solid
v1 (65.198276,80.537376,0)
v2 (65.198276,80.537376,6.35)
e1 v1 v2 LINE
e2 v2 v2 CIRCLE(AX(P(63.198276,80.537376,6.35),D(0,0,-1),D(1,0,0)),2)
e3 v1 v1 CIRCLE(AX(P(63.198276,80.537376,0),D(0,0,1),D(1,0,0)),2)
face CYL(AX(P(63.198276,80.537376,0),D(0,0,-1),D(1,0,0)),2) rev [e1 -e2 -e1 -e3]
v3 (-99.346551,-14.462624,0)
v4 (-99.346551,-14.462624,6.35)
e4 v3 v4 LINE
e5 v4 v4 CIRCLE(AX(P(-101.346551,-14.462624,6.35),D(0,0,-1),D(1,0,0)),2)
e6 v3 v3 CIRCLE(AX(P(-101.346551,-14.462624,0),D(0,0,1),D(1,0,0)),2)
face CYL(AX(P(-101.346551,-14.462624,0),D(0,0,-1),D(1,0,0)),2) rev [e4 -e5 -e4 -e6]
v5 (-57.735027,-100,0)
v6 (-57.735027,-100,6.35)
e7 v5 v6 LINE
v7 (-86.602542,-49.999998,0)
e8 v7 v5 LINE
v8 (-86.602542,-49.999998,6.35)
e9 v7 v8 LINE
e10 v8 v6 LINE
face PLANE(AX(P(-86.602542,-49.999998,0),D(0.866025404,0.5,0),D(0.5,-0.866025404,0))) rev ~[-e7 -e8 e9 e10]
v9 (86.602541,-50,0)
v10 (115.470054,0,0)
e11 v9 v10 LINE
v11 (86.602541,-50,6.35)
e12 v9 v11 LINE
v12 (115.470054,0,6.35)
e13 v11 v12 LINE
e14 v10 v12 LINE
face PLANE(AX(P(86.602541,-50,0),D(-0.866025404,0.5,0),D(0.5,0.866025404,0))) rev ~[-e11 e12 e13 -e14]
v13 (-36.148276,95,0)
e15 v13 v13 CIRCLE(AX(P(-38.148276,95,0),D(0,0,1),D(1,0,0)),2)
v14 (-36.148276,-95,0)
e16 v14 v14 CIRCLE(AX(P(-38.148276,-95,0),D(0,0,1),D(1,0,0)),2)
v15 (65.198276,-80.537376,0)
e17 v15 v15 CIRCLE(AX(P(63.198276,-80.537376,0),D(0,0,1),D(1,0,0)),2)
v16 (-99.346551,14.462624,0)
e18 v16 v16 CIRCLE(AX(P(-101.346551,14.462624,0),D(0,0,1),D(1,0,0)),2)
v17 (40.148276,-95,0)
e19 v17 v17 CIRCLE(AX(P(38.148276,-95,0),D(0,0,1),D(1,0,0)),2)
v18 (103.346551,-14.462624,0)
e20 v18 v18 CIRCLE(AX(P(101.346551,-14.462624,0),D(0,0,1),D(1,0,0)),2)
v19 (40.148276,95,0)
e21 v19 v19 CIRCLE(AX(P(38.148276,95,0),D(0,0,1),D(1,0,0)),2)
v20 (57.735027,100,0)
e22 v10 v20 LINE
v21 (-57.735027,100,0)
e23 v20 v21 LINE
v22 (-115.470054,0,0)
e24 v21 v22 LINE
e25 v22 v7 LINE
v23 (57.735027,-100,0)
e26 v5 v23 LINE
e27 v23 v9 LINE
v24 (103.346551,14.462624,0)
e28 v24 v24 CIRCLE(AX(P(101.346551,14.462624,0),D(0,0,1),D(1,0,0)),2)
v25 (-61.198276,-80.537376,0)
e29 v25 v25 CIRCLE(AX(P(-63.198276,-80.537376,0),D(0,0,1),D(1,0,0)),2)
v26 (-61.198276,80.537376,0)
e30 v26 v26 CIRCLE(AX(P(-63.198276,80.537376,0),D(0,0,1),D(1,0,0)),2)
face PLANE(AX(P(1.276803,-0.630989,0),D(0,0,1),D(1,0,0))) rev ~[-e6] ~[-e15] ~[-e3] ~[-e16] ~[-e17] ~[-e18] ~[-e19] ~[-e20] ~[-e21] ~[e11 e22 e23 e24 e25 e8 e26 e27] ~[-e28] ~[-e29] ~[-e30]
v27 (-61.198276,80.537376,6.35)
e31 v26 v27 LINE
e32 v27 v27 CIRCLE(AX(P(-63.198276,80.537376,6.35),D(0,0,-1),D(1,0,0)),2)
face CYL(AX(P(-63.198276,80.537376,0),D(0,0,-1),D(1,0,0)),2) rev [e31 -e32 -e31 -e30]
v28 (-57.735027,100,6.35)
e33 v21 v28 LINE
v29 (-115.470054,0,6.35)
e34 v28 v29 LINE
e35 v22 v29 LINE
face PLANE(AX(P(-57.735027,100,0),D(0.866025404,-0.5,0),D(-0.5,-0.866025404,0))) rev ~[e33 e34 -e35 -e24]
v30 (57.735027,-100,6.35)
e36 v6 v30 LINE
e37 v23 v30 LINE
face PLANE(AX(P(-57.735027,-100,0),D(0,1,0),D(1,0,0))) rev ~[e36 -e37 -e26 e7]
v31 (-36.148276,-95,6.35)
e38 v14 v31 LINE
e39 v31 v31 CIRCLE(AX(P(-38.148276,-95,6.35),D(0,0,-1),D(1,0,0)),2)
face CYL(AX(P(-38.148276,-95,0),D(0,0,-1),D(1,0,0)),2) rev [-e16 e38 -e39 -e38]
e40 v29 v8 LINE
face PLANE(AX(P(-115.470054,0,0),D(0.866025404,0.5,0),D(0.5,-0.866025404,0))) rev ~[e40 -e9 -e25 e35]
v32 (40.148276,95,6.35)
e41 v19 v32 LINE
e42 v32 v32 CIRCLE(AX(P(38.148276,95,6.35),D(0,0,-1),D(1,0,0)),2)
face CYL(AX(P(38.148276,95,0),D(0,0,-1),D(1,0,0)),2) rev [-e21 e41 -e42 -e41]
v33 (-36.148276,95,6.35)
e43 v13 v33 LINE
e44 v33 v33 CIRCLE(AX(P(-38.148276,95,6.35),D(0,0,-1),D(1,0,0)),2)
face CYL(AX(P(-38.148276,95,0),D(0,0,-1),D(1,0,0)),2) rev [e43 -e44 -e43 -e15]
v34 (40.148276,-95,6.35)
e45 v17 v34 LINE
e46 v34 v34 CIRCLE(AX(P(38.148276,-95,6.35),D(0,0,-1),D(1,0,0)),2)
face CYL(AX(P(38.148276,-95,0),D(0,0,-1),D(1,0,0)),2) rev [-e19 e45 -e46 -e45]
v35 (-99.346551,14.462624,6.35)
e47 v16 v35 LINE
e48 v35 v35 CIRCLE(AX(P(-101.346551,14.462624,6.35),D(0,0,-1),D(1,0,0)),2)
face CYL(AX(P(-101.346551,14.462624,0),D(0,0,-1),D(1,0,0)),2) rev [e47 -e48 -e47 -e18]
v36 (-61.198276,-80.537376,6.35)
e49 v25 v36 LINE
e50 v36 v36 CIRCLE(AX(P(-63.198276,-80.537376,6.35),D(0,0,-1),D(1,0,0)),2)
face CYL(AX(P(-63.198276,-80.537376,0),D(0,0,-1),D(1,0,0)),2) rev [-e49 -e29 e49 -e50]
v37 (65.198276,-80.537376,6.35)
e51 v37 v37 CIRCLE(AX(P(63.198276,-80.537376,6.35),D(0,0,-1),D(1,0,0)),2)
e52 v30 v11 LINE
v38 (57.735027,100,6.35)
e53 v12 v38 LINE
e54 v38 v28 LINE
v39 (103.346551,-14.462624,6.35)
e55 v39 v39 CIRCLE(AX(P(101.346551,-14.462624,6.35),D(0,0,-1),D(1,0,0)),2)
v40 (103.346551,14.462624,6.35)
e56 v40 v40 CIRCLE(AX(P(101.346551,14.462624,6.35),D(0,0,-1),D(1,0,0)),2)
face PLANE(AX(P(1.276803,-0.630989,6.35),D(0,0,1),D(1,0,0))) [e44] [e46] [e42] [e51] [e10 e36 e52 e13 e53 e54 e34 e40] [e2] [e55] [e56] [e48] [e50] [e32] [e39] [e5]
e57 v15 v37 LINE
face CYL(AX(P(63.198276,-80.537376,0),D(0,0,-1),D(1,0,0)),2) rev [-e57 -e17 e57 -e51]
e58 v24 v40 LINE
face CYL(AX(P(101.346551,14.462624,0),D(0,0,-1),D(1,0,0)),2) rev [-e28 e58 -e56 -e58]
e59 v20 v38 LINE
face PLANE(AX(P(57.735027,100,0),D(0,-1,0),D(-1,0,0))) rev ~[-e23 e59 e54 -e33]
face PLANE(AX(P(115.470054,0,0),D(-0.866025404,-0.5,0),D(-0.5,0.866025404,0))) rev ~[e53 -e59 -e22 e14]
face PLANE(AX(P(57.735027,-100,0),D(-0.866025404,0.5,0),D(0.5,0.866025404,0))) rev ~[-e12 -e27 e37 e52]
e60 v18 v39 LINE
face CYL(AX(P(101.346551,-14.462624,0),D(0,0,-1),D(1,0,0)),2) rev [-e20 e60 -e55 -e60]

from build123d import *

# Parameters (mm, degrees)
F1_DEPTH = 6.35
F2_R     = 2
F3_DEPTH = 20000


with BuildPart() as f1:
    # F0 (on Top) → F1 (new body)
    with BuildSketch(Plane.XY):
        with BuildLine():
            ThreePointArc((86.6025406101, -49.9999995987), (96.5925826889, -25.8819042865), (100, 0))
            ThreePointArc((100, 0), (96.5925827815, 25.8819039408), (86.602540968, 49.9999989789))
            ThreePointArc((86.602540968, 49.9999989789), (50.0000005105, 86.6025400837), (0, 100))
            ThreePointArc((0, 100), (-50.0000005105, 86.6025400837), (-86.602540968, 49.9999989789))
            ThreePointArc((-86.602540968, 49.9999989789), (-100, 8.447e-07), (-86.6025418126, -49.9999975159))
            ThreePointArc((-86.6025418126, -49.9999975159), (-50.000001242, -86.6025396613), (0, -100))
            ThreePointArc((0, -100), (50.0000002007, -86.6025402626), (86.6025406101, -49.9999995987))
        make_face()
        with BuildLine():
            ThreePointArc((86.602540968, 49.9999989789), (96.5925827815, 25.8819039408), (100, 0))
            ThreePointArc((100, 0), (96.5925826889, -25.8819042865), (86.6025406101, -49.9999995987))
            Line((86.6025406101, -49.9999995987), (115.4700538379, 0))
            Line((115.4700538379, 0), (86.602540968, 49.9999989789))
        make_face()
        with BuildLine():
            ThreePointArc((0, 100), (50.0000005105, 86.6025400837), (86.602540968, 49.9999989789))
            Line((86.602540968, 49.9999989789), (57.735026919, 100))
            Line((57.735026919, 100), (0, 100))
        make_face()
        with BuildLine():
            Line((57.735026919, -100), (86.6025406101, -49.9999995987))
            ThreePointArc((86.6025406101, -49.9999995987), (50.0000002007, -86.6025402626), (0, -100))
            Line((0, -100), (57.735026919, -100))
        make_face()
        with BuildLine():
            ThreePointArc((-86.602540968, 49.9999989789), (-50.0000005105, 86.6025400837), (0, 100))
            Line((0, 100), (-57.735026919, 100))
            Line((-57.735026919, 100), (-86.602540968, 49.9999989789))
        make_face()
        with BuildLine():
            Line((-57.735026919, -100), (0, -100))
            ThreePointArc((0, -100), (-50.000001242, -86.6025396613), (-86.6025418126, -49.9999975159))
            Line((-86.6025418126, -49.9999975159), (-57.735026919, -100))
        make_face()
        with BuildLine():
            ThreePointArc((-86.6025418126, -49.9999975159), (-100, 8.447e-07), (-86.602540968, 49.9999989789))
            Line((-86.602540968, 49.9999989789), (-115.4700538379, 0))
            Line((-115.4700538379, 0), (-86.6025418126, -49.9999975159))
        make_face()
    extrude(amount=F1_DEPTH)

    # F2 (on Top) → F3 (cut)
    with BuildSketch(Plane.XY):
        with Locations((38.148275573, 95)):
            Circle(F2_R)
        with Locations((-38.148275573, 95)):
            Circle(F2_R)
        with Locations((-63.198275573, 80.5373757568)):
            Circle(F2_R)
        with Locations((-101.346551146, 14.4626242432)):
            Circle(F2_R)
        with Locations((-101.346551146, -14.4626242432)):
            Circle(F2_R)
        with Locations((-63.198275573, -80.5373757568)):
            Circle(F2_R)
        with Locations((-38.148275573, -95)):
            Circle(F2_R)
        with Locations((38.148275573, -95)):
            Circle(F2_R)
        with Locations((63.198275573, -80.5373757568)):
            Circle(F2_R)
        with Locations((101.346551146, -14.4626242432)):
            Circle(F2_R)
        with Locations((101.346551146, 14.4626242432)):
            Circle(F2_R)
        with Locations((63.198275573, 80.5373757568)):
            Circle(F2_R)
    extrude(amount=F3_DEPTH, mode=Mode.SUBTRACT)


solid = f1.part
